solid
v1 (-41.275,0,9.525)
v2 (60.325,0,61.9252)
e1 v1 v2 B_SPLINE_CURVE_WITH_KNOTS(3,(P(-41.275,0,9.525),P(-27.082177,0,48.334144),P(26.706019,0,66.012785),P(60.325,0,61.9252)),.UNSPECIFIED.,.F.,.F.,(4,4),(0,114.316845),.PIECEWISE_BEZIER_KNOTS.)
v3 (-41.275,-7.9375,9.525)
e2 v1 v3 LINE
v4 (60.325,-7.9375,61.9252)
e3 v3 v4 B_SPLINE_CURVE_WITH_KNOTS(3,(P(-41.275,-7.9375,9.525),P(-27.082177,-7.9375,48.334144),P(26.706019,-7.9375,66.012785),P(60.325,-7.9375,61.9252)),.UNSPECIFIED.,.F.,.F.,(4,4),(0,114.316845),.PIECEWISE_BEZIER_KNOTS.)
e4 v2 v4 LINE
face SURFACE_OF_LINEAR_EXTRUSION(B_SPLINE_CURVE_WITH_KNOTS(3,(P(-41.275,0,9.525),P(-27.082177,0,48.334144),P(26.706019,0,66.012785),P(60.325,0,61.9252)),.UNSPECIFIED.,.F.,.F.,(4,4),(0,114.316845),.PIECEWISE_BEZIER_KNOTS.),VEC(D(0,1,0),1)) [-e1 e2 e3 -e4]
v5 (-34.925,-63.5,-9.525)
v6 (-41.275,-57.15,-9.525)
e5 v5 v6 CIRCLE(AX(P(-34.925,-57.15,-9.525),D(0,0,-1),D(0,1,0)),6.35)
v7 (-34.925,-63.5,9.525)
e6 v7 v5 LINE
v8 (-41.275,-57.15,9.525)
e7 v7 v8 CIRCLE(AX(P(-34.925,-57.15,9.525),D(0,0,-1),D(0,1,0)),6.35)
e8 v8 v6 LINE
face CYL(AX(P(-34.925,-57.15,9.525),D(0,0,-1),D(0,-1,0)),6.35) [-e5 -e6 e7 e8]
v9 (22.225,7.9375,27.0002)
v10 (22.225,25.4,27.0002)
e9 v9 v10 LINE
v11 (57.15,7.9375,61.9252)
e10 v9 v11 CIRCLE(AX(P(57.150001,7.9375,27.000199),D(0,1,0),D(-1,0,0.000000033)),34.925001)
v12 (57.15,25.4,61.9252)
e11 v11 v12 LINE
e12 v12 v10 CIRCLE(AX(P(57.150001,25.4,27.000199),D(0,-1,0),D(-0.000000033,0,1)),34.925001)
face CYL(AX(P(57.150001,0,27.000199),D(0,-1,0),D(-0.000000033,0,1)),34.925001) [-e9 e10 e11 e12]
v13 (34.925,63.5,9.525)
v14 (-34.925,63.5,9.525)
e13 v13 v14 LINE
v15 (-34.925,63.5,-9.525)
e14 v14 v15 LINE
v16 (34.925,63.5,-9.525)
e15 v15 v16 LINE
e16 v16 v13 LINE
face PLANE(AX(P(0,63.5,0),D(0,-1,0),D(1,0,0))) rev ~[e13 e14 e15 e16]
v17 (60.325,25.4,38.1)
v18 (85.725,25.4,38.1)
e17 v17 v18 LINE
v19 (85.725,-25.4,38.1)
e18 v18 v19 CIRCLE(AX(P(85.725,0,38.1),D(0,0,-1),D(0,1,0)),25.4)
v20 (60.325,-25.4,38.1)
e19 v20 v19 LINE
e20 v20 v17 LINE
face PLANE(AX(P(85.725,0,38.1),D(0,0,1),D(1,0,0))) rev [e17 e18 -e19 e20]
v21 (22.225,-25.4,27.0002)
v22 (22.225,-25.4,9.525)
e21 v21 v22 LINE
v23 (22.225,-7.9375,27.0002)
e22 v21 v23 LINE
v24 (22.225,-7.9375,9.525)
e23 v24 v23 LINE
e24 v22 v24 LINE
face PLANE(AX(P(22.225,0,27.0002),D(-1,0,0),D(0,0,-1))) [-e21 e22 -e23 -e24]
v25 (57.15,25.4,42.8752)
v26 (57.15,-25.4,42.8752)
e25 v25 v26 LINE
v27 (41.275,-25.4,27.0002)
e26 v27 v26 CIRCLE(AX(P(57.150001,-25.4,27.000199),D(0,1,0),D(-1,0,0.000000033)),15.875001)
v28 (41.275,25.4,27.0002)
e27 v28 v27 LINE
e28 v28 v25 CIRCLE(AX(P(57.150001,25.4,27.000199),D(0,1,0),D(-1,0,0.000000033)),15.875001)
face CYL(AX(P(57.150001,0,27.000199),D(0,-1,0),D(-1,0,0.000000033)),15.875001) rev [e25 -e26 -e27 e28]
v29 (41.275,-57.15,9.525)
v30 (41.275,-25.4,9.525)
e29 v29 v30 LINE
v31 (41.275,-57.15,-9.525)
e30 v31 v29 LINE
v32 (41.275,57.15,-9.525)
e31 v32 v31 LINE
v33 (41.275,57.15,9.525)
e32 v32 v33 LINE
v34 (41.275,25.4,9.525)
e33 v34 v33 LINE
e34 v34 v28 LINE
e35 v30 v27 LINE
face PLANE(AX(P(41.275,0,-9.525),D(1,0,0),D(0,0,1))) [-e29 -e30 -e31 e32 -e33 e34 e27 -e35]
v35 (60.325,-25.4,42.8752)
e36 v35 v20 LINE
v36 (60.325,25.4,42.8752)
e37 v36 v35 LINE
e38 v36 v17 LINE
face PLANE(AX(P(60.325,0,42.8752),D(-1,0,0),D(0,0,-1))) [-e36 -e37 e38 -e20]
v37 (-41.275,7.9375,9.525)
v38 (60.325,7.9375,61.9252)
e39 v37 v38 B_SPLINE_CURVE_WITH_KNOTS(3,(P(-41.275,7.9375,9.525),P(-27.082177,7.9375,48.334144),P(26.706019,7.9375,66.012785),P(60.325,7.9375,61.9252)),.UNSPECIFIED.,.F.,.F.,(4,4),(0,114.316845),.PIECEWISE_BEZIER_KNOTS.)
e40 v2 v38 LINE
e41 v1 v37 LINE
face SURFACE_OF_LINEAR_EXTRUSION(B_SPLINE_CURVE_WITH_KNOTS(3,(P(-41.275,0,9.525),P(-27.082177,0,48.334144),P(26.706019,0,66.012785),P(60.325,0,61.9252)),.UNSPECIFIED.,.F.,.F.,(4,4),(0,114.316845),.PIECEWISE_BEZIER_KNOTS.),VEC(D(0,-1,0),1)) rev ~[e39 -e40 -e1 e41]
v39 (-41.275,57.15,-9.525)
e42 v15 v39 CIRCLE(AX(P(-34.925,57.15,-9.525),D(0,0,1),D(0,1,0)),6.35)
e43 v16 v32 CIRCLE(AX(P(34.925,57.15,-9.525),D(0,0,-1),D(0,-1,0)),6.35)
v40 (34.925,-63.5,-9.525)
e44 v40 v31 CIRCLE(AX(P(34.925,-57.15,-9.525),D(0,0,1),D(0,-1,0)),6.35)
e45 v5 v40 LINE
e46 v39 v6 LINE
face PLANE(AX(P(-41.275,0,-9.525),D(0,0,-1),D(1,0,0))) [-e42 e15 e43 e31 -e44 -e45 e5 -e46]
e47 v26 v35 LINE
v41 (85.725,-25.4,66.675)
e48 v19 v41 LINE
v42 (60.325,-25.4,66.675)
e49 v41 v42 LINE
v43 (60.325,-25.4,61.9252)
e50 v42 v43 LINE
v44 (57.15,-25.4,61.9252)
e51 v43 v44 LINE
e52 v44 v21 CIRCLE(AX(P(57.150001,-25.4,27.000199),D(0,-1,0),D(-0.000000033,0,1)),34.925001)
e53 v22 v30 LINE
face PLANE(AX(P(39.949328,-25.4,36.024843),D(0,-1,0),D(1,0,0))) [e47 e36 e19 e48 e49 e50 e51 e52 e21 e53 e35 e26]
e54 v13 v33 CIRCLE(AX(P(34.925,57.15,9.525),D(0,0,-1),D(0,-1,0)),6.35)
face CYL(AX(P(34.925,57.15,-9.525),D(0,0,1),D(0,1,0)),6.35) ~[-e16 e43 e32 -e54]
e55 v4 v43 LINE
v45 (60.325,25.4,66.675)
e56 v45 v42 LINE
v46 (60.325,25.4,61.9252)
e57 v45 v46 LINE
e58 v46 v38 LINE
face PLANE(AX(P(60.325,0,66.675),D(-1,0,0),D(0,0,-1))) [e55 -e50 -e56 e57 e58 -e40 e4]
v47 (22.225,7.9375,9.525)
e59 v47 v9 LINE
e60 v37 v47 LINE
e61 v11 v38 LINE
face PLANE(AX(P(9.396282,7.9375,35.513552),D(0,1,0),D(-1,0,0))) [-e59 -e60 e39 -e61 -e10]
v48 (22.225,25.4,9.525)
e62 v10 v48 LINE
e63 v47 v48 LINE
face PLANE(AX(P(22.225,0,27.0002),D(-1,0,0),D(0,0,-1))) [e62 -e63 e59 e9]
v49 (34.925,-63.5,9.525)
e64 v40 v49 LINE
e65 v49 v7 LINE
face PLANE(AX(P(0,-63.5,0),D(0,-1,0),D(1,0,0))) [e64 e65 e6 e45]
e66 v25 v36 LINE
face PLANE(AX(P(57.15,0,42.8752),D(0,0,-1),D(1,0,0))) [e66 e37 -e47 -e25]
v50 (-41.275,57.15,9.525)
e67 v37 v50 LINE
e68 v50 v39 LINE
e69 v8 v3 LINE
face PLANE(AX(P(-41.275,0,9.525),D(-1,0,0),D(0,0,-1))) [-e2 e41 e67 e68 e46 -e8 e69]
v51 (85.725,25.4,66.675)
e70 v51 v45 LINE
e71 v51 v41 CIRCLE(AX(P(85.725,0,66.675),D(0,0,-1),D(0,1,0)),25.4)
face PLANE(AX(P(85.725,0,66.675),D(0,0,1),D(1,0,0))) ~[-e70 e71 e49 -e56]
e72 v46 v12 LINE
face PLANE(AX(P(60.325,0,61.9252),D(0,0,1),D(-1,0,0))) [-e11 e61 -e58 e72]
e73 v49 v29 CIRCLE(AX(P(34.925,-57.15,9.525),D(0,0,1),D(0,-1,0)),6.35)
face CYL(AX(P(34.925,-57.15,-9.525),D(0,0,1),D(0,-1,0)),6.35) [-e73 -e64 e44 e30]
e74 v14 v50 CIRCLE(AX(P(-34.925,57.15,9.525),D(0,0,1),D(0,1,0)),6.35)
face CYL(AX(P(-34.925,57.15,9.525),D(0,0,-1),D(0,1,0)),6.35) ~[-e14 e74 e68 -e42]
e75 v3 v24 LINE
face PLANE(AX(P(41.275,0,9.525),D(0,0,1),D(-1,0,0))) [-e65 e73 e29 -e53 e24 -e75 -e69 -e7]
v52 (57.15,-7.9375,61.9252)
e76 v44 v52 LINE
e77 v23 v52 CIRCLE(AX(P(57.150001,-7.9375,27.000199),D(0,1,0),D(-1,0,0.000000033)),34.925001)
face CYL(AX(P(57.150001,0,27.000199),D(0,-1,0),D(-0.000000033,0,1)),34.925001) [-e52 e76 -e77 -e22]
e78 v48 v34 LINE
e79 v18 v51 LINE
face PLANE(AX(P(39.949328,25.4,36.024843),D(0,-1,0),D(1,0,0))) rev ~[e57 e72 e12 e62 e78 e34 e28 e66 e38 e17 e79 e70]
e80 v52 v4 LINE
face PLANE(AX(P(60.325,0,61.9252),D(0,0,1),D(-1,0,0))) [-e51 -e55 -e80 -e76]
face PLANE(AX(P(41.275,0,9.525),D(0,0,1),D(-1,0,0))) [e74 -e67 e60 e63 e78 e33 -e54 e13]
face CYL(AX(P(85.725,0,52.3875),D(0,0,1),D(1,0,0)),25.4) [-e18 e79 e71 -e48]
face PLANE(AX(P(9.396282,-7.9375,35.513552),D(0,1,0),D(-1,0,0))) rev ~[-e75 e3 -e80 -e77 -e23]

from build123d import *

# Parameters (mm, degrees)
F1_DEPTH = 63.5
F2_DEPTH = 25.4
F3_DEPTH = 7.9375
F0_W     = 25.4
F0_H     = 28.575
F5_R     = 6.35


with BuildPart() as f1:
    # F0 (on Front) → F1 (new body, symmetric)
    with BuildSketch(Plane.XZ):
        Polygon((-41.275, 9.525), (-41.275, -9.525), (41.275, -9.525), (41.275, 9.525), (22.225, 9.525), align=None)
    extrude(amount=F1_DEPTH, both=True)

    # F0 (on Front) → F2 (join, symmetric)
    with BuildSketch(Plane.XZ):
        with BuildLine():
            Line((22.225, 9.525), (41.275, 9.525))
            Line((41.275, 9.525), (41.275, 27.0002))
            ThreePointArc((41.275, 27.0002), (45.92468, 38.22552), (57.15, 42.8752))
            Line((57.15, 42.8752), (60.325, 42.8752))
            Line((60.325, 42.8752), (60.325, 61.9252))
            Line((60.325, 61.9252), (57.15, 61.9252))
            ThreePointArc((57.15, 61.9252), (32.454296, 51.695904), (22.225, 27.0002))
            Line((22.225, 27.0002), (22.225, 9.525))
        make_face()
        Polygon((60.325, 66.675), (60.325, 61.9252), (60.325, 42.8752), (60.325, 38.1), (85.725, 38.1), (85.725, 66.675), align=None)
    extrude(amount=F2_DEPTH, both=True)

    # F0 (on Front) → F3 (join, symmetric)
    with BuildSketch(Plane.XZ):
        with BuildLine():
            add(Edge.make_bspline(
                [(-41.275, 9.525), (-27.082177, 48.334144), (26.706019, 66.012785), (60.325, 61.9252)],
                knots=[0, 0, 0, 0, 114.316845, 114.316845, 114.316845, 114.316845], degree=3))
            Line((-41.275, 9.525), (22.225, 9.525))
            Line((22.225, 9.525), (22.225, 27.0002))
            ThreePointArc((22.225, 27.0002), (32.454296, 51.695904), (57.15, 61.9252))
            Line((57.15, 61.9252), (60.325, 61.9252))
        make_face()
    extrude(amount=F3_DEPTH, both=True)

    # F0 (on Front) → F4 (revolve)
    with BuildSketch(Plane.XZ):
        with Locations((98.425, 52.3875)):
            Rectangle(F0_W, F0_H)
    revolve(axis=Axis((85.725, 0, 52.3875), (0, 0, 1)))

    # F5
    f5_edges = [f1.edges().sort_by_distance(p)[0] for p in [
        (-41.275, -63.5, 0),
        (41.275, -63.5, 0),
        (41.275, 63.5, 0),
        (-41.275, 63.5, 0),
    ]]
    fillet(f5_edges, radius=F5_R)


solid = f1.part
